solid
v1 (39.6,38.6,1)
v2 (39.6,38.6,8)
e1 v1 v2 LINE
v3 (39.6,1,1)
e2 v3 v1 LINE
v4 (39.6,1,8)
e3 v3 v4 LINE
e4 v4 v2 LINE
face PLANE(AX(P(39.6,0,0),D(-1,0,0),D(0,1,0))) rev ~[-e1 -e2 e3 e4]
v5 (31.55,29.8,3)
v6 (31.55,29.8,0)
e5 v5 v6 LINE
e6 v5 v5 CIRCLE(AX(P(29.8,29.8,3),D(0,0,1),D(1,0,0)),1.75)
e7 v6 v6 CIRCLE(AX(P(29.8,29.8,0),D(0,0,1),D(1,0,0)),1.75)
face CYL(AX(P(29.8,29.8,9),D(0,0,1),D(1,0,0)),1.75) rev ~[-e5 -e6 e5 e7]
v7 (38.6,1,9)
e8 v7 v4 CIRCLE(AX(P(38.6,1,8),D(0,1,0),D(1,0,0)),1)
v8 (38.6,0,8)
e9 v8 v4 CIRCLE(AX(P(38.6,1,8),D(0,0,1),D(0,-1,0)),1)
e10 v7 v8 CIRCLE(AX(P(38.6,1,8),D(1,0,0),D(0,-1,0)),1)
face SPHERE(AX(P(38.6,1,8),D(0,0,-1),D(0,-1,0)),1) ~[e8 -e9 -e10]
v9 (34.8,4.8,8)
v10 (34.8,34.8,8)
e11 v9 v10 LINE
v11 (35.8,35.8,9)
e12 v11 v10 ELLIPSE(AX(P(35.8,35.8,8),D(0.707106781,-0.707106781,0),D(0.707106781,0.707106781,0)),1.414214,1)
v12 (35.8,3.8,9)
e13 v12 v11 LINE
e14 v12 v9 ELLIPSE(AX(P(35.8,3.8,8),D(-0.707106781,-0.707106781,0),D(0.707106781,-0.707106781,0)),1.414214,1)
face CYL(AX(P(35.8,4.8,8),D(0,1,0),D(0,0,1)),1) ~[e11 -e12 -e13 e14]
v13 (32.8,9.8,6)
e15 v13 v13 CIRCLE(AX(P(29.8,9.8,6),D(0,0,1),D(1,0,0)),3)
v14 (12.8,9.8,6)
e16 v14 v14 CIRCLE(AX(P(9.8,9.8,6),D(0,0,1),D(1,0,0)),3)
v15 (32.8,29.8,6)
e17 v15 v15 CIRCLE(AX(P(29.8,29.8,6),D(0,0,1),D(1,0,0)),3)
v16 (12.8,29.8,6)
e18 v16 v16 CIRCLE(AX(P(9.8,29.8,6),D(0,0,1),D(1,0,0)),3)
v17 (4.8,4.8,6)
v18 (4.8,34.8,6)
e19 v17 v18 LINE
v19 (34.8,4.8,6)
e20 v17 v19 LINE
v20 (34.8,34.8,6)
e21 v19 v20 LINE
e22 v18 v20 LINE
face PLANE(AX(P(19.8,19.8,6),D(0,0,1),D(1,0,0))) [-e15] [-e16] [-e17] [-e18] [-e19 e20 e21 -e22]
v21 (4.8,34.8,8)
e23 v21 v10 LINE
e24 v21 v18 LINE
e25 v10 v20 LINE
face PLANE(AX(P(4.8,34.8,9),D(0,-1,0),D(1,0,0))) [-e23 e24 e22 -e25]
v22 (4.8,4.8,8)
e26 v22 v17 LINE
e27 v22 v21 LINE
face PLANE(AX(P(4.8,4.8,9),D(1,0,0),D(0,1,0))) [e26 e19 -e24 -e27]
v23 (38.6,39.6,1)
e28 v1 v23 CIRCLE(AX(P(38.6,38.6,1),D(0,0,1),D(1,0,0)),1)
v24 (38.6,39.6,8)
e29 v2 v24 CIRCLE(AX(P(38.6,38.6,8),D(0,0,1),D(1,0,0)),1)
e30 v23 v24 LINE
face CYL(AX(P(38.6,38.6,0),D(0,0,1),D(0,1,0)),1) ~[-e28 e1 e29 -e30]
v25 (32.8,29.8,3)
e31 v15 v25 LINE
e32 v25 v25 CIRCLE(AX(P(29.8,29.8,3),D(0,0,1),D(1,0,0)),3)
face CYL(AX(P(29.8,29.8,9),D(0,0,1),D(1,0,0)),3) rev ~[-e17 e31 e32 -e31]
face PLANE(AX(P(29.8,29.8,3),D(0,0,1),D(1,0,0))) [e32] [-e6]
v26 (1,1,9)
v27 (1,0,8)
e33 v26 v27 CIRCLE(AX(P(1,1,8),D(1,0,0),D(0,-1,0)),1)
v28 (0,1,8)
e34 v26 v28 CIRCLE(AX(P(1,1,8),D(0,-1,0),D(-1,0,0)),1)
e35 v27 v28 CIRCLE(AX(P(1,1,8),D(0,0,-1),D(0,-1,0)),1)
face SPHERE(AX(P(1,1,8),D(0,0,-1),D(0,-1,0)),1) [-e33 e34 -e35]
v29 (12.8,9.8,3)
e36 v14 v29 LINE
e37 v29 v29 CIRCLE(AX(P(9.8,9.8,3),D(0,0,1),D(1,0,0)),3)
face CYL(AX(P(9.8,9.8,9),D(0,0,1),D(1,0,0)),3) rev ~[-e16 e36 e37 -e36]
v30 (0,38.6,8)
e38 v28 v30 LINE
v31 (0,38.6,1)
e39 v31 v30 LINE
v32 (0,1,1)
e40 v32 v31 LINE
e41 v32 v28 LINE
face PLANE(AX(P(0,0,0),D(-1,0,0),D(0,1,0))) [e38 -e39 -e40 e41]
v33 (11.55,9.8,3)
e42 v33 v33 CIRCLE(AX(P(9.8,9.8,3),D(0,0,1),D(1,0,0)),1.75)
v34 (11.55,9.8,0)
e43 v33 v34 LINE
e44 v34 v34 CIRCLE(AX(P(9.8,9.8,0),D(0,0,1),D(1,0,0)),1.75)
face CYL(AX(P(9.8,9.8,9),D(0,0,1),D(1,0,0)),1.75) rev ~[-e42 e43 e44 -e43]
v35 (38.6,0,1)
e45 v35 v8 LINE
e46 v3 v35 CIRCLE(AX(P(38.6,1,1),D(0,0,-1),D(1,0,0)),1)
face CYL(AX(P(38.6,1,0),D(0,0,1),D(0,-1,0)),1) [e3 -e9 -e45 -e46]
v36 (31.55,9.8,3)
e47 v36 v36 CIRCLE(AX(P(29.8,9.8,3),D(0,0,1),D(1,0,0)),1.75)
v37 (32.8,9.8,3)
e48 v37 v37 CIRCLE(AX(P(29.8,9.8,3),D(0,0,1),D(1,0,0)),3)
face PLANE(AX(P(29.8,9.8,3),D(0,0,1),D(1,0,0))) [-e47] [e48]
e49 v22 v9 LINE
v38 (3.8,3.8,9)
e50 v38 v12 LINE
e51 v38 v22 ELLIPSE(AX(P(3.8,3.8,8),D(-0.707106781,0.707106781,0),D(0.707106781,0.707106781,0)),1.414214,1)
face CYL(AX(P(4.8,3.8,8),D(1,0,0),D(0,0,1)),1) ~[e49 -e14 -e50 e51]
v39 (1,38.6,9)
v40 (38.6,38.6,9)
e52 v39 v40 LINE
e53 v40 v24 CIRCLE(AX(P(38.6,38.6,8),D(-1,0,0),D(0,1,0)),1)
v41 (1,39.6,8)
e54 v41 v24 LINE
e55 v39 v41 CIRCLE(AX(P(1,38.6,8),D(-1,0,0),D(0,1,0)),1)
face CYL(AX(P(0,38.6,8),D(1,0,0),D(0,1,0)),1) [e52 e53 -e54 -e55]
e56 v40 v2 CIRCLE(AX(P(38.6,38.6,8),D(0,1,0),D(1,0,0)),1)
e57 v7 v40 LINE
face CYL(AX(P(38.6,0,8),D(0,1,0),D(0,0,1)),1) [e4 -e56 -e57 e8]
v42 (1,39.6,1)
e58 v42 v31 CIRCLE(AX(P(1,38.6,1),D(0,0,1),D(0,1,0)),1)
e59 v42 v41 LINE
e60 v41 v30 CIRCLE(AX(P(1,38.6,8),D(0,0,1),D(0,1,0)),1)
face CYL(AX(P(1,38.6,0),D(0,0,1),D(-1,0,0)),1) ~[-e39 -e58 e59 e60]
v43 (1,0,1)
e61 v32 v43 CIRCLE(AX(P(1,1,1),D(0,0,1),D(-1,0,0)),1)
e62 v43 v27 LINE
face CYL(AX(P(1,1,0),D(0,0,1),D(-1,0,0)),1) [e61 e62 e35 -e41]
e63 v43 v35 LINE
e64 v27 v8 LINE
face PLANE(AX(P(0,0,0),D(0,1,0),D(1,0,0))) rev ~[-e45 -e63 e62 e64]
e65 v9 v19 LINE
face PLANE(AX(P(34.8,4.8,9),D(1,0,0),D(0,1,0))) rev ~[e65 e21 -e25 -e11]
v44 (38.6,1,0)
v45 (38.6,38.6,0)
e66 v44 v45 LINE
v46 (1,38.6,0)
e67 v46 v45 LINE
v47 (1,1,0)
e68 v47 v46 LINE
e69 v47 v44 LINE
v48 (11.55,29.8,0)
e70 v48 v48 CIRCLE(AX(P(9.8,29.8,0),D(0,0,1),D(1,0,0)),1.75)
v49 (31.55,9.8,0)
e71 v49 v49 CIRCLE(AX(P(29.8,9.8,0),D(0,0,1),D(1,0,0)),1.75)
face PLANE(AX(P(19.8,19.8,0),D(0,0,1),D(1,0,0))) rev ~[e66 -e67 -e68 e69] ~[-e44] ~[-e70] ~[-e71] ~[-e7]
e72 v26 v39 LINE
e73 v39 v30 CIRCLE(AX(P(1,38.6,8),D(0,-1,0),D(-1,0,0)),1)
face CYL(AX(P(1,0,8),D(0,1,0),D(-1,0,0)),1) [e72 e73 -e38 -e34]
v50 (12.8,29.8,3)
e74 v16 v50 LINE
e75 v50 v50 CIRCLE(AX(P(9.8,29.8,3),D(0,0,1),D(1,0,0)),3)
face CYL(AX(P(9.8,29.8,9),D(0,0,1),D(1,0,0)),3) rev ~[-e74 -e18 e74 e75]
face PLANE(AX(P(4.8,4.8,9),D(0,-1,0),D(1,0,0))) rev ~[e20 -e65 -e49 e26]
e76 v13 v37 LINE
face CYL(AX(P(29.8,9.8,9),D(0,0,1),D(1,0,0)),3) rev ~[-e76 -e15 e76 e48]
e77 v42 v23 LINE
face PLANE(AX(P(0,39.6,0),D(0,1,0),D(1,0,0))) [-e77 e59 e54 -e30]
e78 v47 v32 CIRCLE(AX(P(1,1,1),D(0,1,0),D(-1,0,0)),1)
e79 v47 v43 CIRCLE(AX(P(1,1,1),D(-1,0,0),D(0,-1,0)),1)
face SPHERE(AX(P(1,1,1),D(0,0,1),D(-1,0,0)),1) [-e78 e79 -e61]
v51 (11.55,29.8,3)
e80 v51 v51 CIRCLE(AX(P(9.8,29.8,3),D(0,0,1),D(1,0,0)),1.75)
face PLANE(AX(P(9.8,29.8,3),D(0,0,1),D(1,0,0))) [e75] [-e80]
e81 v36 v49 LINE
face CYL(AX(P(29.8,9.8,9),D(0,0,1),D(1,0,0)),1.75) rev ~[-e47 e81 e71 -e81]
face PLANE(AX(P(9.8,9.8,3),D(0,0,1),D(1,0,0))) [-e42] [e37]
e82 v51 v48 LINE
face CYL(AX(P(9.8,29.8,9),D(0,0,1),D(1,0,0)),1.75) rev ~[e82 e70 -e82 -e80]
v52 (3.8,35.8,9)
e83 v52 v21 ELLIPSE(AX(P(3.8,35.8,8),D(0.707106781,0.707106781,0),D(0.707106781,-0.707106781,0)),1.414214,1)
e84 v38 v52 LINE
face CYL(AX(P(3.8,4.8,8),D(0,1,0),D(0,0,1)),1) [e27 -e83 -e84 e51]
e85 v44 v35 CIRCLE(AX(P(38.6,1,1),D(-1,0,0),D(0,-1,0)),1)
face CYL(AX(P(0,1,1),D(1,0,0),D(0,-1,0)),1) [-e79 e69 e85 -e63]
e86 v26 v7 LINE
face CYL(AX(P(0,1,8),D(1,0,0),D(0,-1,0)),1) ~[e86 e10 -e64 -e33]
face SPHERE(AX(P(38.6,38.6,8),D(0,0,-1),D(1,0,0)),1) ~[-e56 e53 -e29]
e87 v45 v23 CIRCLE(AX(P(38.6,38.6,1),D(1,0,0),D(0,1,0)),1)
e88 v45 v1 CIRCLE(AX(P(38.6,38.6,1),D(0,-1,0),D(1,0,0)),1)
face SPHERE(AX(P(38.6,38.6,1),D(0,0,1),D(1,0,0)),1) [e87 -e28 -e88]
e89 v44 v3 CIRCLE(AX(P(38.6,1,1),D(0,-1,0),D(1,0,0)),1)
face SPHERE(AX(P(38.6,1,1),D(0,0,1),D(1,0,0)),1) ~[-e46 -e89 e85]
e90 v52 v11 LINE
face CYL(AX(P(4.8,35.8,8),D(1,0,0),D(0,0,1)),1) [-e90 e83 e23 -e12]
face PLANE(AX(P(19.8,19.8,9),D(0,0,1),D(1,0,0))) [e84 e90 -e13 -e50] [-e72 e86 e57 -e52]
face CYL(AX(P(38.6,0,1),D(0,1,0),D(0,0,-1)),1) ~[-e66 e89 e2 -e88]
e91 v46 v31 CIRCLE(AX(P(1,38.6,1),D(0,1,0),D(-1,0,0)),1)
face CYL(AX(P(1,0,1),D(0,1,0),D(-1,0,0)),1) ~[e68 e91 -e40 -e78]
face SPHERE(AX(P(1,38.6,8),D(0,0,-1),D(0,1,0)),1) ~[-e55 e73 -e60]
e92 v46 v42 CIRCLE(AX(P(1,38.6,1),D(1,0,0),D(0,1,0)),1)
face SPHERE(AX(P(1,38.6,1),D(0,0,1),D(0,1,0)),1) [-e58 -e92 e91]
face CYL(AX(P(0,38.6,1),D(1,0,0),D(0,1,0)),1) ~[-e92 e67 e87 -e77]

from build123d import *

# Parameters (mm, degrees)
SKETCH_W        = 39.6
SKETCH_H        = 39.6
PAD_DEPTH       = 9
SKETCH001_R     = 1.75
POCKET_DEPTH    = 10
SKETCH002_R     = 3
POCKET001_DEPTH = 6
SKETCH003_W     = 30
SKETCH003_H     = 30
POCKET002_DEPTH = 3
FILLET_R        = 1


with BuildPart() as part:
    # Sketch → Pad (new body)
    with BuildSketch(Plane.XY):
        with Locations((19.8, 19.8)):
            Rectangle(SKETCH_W, SKETCH_H)
    extrude(amount=PAD_DEPTH)

    # Sketch001 → Pocket (cut)
    with BuildSketch(Plane.XY.offset(9)):
        with Locations((9.8, 9.8)):
            Circle(SKETCH001_R)
        with Locations((9.8, 29.8)):
            Circle(SKETCH001_R)
        with Locations((29.8, 9.8)):
            Circle(SKETCH001_R)
        with Locations((29.8, 29.8)):
            Circle(SKETCH001_R)
    extrude(amount=-POCKET_DEPTH, mode=Mode.SUBTRACT)

    # Sketch002 → Pocket001 (cut)
    with BuildSketch(Plane.XY.offset(9)):
        with Locations((9.8, 9.8)):
            Circle(SKETCH002_R)
        with Locations((9.8, 29.8)):
            Circle(SKETCH002_R)
        with Locations((29.8, 9.8)):
            Circle(SKETCH002_R)
        with Locations((29.8, 29.8)):
            Circle(SKETCH002_R)
    extrude(amount=-POCKET001_DEPTH, mode=Mode.SUBTRACT)

    # Sketch003 → Pocket002 (cut)
    with BuildSketch(Plane.XY.offset(9)):
        with Locations((19.8, 19.8)):
            Rectangle(SKETCH003_W, SKETCH003_H)
    extrude(amount=-POCKET002_DEPTH, mode=Mode.SUBTRACT)

    # Fillet
    fillet_edges = [part.edges().sort_by_distance(p)[0] for p in [
        (0, 39.6, 4.5),
        (0, 0, 4.5),
        (39.6, 39.6, 4.5),
        (39.6, 0, 4.5),
        (39.6, 19.8, 0),
        (19.8, 39.6, 0),
        (0, 19.8, 0),
        (19.8, 0, 0),
        (19.8, 0, 9),
        (39.6, 19.8, 9),
        (19.8, 39.6, 9),
        (0, 19.8, 9),
        (19.8, 4.8, 9),
        (34.8, 19.8, 9),
        (19.8, 34.8, 9),
        (4.8, 19.8, 9),
    ]]
    fillet(fillet_edges, radius=FILLET_R)


solid = part.part
